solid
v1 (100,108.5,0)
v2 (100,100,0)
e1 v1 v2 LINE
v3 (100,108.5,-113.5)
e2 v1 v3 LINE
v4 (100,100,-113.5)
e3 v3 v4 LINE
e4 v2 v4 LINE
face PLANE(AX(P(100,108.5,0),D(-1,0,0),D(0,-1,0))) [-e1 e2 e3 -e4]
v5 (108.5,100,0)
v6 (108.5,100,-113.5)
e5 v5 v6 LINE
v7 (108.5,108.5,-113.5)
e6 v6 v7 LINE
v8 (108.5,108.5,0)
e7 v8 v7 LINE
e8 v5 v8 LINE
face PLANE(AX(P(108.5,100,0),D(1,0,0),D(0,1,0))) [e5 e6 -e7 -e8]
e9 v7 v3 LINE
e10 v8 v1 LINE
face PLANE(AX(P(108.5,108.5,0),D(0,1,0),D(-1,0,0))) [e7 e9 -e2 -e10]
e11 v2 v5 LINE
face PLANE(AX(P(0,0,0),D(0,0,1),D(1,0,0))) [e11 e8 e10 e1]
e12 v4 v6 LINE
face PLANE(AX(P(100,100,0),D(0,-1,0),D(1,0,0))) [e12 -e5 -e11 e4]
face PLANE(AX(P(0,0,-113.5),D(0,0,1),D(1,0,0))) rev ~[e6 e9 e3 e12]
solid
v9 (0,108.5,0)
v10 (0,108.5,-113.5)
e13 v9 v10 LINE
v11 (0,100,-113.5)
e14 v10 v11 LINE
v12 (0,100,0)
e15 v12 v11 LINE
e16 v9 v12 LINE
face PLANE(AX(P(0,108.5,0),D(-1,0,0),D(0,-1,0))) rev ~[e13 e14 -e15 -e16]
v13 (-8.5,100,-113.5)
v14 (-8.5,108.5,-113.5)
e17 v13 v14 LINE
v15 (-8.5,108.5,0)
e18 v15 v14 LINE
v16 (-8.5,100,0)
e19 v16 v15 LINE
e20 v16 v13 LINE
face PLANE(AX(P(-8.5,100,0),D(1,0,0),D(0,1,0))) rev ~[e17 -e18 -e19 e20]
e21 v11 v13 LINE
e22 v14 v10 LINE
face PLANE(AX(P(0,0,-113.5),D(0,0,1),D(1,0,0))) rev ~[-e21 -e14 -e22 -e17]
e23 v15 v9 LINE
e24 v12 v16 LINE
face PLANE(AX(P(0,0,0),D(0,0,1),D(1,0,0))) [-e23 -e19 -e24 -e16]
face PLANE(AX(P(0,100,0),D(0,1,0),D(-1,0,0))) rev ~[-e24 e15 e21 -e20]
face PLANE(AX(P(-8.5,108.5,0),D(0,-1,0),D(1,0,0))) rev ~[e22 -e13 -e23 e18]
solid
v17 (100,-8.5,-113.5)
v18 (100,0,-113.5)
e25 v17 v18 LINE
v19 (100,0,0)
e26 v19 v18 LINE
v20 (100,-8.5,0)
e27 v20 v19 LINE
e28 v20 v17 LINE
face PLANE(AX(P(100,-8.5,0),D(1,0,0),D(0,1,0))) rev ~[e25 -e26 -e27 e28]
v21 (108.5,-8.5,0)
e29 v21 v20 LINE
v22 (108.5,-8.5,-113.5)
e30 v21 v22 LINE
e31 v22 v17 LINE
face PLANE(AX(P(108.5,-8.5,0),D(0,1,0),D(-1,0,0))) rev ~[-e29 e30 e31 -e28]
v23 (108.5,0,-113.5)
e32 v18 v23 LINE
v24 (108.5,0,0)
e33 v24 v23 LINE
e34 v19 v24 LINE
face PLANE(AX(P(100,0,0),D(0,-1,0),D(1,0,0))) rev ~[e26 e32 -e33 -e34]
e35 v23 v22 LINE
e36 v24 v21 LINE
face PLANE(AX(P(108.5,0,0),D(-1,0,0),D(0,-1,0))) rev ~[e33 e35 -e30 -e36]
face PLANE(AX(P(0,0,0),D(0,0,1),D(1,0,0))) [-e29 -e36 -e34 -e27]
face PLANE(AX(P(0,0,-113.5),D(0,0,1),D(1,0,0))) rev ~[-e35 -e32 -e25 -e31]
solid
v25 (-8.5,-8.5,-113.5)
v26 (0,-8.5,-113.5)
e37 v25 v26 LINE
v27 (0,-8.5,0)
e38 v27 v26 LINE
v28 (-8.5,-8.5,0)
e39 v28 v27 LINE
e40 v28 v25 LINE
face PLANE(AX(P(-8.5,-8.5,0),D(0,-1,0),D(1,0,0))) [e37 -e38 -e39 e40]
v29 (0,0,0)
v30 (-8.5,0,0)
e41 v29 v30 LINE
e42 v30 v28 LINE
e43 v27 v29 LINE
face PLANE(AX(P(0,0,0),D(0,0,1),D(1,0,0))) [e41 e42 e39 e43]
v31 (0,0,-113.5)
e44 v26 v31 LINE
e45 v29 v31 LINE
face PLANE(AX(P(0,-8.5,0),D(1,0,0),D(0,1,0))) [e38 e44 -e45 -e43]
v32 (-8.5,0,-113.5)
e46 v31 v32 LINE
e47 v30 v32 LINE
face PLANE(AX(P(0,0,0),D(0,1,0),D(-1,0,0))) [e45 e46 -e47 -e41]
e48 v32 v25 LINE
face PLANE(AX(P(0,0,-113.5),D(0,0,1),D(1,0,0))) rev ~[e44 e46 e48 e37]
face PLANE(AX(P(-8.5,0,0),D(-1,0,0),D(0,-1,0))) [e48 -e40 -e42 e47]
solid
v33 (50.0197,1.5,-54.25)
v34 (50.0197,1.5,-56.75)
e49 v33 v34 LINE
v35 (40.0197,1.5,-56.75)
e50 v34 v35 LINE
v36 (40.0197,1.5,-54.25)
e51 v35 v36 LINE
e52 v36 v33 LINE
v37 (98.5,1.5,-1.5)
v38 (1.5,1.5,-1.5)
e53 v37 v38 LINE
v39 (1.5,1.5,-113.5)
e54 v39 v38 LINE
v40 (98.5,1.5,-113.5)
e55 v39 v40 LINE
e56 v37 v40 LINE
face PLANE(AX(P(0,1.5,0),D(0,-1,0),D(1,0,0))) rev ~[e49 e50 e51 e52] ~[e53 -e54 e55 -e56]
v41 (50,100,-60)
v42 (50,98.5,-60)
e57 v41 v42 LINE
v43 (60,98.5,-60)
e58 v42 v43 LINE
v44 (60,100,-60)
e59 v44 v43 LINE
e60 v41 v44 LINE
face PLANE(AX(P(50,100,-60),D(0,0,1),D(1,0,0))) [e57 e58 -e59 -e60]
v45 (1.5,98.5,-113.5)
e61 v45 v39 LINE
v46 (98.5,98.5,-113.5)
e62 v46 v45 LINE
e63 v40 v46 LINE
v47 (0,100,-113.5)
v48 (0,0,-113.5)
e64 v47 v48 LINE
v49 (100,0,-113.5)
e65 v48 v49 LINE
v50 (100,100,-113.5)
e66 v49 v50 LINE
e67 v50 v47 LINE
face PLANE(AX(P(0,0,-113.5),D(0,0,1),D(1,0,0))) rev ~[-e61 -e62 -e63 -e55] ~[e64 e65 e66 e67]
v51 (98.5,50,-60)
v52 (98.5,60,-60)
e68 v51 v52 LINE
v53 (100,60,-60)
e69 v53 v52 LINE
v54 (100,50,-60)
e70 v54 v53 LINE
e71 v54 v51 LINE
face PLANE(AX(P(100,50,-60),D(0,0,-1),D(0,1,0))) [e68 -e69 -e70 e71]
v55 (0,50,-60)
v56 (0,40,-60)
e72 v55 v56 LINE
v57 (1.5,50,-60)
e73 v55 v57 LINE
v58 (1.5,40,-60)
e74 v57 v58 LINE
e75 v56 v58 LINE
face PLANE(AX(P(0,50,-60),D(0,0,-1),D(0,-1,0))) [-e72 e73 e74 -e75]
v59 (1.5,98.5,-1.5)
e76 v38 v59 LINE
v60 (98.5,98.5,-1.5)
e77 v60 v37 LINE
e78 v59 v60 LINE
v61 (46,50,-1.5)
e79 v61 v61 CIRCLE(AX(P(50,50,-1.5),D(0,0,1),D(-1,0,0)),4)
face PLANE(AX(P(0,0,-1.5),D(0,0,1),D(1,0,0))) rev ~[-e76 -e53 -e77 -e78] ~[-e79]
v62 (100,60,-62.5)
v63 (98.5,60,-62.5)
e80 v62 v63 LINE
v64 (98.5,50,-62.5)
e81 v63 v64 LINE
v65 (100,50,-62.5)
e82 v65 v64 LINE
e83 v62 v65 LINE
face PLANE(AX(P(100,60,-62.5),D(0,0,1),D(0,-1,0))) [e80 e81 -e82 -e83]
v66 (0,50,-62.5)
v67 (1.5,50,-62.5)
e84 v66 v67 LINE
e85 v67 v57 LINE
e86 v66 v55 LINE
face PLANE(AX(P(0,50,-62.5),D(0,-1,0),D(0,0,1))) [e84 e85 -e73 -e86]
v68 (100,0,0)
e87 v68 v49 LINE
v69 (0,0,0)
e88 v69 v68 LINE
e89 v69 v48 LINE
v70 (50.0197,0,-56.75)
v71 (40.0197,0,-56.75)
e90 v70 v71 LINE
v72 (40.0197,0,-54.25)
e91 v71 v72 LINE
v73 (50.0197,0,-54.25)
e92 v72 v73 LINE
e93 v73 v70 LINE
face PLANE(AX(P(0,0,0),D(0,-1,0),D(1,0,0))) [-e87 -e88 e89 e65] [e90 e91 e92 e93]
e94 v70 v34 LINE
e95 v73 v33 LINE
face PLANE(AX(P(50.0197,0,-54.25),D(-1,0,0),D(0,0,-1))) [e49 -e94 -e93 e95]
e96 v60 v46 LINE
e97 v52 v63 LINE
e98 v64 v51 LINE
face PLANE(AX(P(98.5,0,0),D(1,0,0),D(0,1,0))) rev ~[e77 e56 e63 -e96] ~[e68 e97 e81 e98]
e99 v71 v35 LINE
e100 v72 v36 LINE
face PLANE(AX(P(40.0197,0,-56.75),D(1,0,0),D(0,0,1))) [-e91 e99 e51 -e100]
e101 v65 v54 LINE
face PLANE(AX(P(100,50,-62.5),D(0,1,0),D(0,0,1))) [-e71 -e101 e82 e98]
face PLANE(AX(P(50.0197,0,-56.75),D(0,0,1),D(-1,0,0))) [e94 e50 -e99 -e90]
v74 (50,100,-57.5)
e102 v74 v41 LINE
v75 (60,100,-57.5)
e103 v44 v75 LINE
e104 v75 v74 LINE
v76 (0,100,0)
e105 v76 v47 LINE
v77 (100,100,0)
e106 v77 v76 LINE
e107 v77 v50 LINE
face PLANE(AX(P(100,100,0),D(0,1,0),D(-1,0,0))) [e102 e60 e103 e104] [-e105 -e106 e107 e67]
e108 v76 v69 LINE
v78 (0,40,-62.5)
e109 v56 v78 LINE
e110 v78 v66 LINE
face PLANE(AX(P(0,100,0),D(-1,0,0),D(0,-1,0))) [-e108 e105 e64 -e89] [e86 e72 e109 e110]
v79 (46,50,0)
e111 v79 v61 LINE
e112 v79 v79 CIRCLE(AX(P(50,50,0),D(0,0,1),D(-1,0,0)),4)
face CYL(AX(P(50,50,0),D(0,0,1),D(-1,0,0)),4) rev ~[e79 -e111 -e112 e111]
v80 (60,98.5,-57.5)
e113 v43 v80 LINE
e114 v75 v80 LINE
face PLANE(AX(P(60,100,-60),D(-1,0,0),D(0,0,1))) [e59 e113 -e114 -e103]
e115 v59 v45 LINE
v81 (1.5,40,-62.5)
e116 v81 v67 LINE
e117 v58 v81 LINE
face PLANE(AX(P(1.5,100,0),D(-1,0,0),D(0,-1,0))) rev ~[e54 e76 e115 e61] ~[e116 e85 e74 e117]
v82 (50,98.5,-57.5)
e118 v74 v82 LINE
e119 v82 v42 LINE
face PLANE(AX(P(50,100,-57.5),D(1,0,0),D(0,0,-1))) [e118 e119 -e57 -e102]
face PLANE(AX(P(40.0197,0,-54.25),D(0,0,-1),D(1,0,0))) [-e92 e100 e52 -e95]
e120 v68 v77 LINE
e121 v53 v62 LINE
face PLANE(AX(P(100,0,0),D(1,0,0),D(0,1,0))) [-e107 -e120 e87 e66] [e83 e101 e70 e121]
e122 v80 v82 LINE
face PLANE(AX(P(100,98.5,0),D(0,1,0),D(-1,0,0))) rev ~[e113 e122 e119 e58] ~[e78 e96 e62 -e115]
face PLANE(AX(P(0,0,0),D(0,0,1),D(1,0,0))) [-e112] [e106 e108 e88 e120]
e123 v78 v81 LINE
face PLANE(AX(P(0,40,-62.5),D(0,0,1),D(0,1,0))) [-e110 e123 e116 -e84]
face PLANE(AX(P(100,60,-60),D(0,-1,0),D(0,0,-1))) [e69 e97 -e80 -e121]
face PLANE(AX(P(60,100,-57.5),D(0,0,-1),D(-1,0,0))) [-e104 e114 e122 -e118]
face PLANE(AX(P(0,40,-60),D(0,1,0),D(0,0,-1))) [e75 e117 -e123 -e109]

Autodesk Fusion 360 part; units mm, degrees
sketch "Sketch1" plane through (0, 0, 0) normal (0, 0, 1) x (1, 0, 0)
  line L0 (0, 0) -> (100, 0)
  line L1 (100, 0) -> (100, 100)
  line L2 (100, 100) -> (0, 100)
  line L3 (0, 100) -> (0, 0)
  dimension "d1" = 100
  dimension "d2" = 100
extrude "Extrude1" add sketch "Sketch1" against normal blind 113.5
shell "Shell1" thickness 1.5 removed faces 1 at (33.3333, 66.6667, -113.5)
sketch "Sketch2" plane through (0, 0, 0) normal (0, 0, 1) x (1, 0, 0)
  line L0 (0, 0) -> (-8.5, 0)
  line L1 (-8.5, 0) -> (-8.5, -8.5)
  line L2 (-8.5, -8.5) -> (0, -8.5)
  line L3 (0, -8.5) -> (0, 0)
  line L4 (0, 100) -> (-8.5, 100)
  line L5 (-8.5, 100) -> (-8.5, 108.5)
  line L6 (-8.5, 108.5) -> (0, 108.5)
  line L7 (0, 108.5) -> (0, 100)
  line L8 (100, 100) -> (108.5, 100)
  line L9 (108.5, 100) -> (108.5, 108.5)
  line L10 (108.5, 108.5) -> (100, 108.5)
  line L11 (100, 108.5) -> (100, 100)
  line L12 (100, 0) -> (108.5, 0)
  line L13 (108.5, 0) -> (108.5, -8.5)
  line L14 (108.5, -8.5) -> (100, -8.5)
  line L15 (100, -8.5) -> (100, 0)
  dimension "d6" = 8.5
  dimension "d7" = 8.5
  dimension "d8" = 8.5
  dimension "d9" = 8.5
  dimension "d10" = 8.5
  dimension "d11" = 8.5
  dimension "d12" = 8.5
  dimension "d13" = 8.5
extrude "Extrude2" add sketch "Sketch2" against normal blind 113.5
sketch "Sketch3" plane through (100, 0, 0) normal (1, 0, 0) x (0, 1, 0)
  line L0 (100, 0) -> (0, 0)
  line L1 (0, 0) -> (0, -113.5)
  line L2 (0, -113.5) -> (100, -113.5)
  line L3 (100, -113.5) -> (100, 0)
  line L4 (50, -60) -> (60, -60)
  line L5 (60, -60) -> (60, -62.5)
  line L6 (60, -62.5) -> (50, -62.5)
  line L7 (50, -62.5) -> (50, -60)
  dimension "d16" = 10
  dimension "d17" = 2.5
extrude "Extrude3" cut sketch "Sketch3" against normal blind 10 contours L4 L5 L6 L7
sketch "Sketch4" plane through (0, 0, 0) normal (-1, 0, 0) x (0, -1, 0)
  line L0 (0, 0) -> (-100, 0)
  line L1 (-100, 0) -> (-100, -113.5)
  line L2 (-100, -113.5) -> (0, -113.5)
  line L3 (0, -113.5) -> (0, 0)
  line L4 (-50, -60) -> (-40, -60)
  line L5 (-40, -60) -> (-40, -62.5)
  line L6 (-40, -62.5) -> (-50, -62.5)
  line L7 (-50, -62.5) -> (-50, -60)
  dimension "d20" = 10
  dimension "d21" = 2.5
extrude "Extrude4" cut sketch "Sketch4" against normal blind 10 contours L4 L5 L6 L7
sketch "Sketch5" plane through (0, 100, 0) normal (0, 1, 0) x (-1, 0, 0)
  line L0 (0, 0) -> (-100, 0)
  line L1 (-100, 0) -> (-100, -113.5)
  line L2 (-100, -113.5) -> (0, -113.5)
  line L3 (0, -113.5) -> (0, 0)
  line L4 (-50, -60) -> (-60, -60)
  line L5 (-60, -60) -> (-60, -57.5)
  line L6 (-60, -57.5) -> (-50, -57.5)
  line L7 (-50, -57.5) -> (-50, -60)
  dimension "d24" = 10
  dimension "d25" = 2.5
extrude "Extrude5" cut sketch "Sketch5" against normal blind 10 contours L4 L5 L6 L7
sketch "Sketch6" plane through (0, 0, 0) normal (0, -1, 0) x (1, 0, 0)
  line L0 (100, 0) -> (0, 0)
  line L1 (0, 0) -> (0, -113.5)
  line L2 (0, -113.5) -> (100, -113.5)
  line L3 (100, -113.5) -> (100, 0)
  line L4 (50.0197, -56.75) -> (40.0197, -56.75)
  line L5 (40.0197, -56.75) -> (40.0197, -54.25)
  line L6 (40.0197, -54.25) -> (50.0197, -54.25)
  line L7 (50.0197, -54.25) -> (50.0197, -56.75)
  dimension "d28" = 10
  dimension "d29" = 2.5
extrude "Extrude6" cut sketch "Sketch6" against normal blind 10 contours L4 L5 L6 L7
sketch "Sketch7" plane through (0, 0, 0) normal (0, 0, 1) x (-1, 0, 0)
  line L0 (0, -100) -> (0, 0)
  line L1 (0, 0) -> (-100, 0)
  line L2 (-100, 0) -> (-100, -100)
  line L3 (-100, -100) -> (0, -100)
  circle A0 centre (-50, -50) radius 4
  dimension "d32" = 8
extrude "Extrude7" cut sketch "Sketch7" against normal blind 113.5 contours A0
sketch "Sketch8" plane through (0, 0, 0) normal (0, 0, 1) x (-1, 0, 0)
  circle A0 centre (-50, -50) radius 4
  line L0 (0, -100) -> (0, 0)
  line L1 (0, 0) -> (-100, 0)
  line L2 (-100, 0) -> (-100, -100)
  line L3 (-100, -100) -> (0, -100)
  circle A1 centre (-5, -5) radius 1.25
  dimension "d35" = 2.5
sketch "Sketch9" plane through (0, 0, 0) normal (0, 0, 1) x (-1, 0, 0)
  circle A0 centre (-5, -95) radius 1.25
  circle A1 centre (-95, -95) radius 1.25
  circle A2 centre (-95, -5) radius 1.25
  dimension "d36" = 2.5
  dimension "d37" = 2.5
  dimension "d38" = 2.5
